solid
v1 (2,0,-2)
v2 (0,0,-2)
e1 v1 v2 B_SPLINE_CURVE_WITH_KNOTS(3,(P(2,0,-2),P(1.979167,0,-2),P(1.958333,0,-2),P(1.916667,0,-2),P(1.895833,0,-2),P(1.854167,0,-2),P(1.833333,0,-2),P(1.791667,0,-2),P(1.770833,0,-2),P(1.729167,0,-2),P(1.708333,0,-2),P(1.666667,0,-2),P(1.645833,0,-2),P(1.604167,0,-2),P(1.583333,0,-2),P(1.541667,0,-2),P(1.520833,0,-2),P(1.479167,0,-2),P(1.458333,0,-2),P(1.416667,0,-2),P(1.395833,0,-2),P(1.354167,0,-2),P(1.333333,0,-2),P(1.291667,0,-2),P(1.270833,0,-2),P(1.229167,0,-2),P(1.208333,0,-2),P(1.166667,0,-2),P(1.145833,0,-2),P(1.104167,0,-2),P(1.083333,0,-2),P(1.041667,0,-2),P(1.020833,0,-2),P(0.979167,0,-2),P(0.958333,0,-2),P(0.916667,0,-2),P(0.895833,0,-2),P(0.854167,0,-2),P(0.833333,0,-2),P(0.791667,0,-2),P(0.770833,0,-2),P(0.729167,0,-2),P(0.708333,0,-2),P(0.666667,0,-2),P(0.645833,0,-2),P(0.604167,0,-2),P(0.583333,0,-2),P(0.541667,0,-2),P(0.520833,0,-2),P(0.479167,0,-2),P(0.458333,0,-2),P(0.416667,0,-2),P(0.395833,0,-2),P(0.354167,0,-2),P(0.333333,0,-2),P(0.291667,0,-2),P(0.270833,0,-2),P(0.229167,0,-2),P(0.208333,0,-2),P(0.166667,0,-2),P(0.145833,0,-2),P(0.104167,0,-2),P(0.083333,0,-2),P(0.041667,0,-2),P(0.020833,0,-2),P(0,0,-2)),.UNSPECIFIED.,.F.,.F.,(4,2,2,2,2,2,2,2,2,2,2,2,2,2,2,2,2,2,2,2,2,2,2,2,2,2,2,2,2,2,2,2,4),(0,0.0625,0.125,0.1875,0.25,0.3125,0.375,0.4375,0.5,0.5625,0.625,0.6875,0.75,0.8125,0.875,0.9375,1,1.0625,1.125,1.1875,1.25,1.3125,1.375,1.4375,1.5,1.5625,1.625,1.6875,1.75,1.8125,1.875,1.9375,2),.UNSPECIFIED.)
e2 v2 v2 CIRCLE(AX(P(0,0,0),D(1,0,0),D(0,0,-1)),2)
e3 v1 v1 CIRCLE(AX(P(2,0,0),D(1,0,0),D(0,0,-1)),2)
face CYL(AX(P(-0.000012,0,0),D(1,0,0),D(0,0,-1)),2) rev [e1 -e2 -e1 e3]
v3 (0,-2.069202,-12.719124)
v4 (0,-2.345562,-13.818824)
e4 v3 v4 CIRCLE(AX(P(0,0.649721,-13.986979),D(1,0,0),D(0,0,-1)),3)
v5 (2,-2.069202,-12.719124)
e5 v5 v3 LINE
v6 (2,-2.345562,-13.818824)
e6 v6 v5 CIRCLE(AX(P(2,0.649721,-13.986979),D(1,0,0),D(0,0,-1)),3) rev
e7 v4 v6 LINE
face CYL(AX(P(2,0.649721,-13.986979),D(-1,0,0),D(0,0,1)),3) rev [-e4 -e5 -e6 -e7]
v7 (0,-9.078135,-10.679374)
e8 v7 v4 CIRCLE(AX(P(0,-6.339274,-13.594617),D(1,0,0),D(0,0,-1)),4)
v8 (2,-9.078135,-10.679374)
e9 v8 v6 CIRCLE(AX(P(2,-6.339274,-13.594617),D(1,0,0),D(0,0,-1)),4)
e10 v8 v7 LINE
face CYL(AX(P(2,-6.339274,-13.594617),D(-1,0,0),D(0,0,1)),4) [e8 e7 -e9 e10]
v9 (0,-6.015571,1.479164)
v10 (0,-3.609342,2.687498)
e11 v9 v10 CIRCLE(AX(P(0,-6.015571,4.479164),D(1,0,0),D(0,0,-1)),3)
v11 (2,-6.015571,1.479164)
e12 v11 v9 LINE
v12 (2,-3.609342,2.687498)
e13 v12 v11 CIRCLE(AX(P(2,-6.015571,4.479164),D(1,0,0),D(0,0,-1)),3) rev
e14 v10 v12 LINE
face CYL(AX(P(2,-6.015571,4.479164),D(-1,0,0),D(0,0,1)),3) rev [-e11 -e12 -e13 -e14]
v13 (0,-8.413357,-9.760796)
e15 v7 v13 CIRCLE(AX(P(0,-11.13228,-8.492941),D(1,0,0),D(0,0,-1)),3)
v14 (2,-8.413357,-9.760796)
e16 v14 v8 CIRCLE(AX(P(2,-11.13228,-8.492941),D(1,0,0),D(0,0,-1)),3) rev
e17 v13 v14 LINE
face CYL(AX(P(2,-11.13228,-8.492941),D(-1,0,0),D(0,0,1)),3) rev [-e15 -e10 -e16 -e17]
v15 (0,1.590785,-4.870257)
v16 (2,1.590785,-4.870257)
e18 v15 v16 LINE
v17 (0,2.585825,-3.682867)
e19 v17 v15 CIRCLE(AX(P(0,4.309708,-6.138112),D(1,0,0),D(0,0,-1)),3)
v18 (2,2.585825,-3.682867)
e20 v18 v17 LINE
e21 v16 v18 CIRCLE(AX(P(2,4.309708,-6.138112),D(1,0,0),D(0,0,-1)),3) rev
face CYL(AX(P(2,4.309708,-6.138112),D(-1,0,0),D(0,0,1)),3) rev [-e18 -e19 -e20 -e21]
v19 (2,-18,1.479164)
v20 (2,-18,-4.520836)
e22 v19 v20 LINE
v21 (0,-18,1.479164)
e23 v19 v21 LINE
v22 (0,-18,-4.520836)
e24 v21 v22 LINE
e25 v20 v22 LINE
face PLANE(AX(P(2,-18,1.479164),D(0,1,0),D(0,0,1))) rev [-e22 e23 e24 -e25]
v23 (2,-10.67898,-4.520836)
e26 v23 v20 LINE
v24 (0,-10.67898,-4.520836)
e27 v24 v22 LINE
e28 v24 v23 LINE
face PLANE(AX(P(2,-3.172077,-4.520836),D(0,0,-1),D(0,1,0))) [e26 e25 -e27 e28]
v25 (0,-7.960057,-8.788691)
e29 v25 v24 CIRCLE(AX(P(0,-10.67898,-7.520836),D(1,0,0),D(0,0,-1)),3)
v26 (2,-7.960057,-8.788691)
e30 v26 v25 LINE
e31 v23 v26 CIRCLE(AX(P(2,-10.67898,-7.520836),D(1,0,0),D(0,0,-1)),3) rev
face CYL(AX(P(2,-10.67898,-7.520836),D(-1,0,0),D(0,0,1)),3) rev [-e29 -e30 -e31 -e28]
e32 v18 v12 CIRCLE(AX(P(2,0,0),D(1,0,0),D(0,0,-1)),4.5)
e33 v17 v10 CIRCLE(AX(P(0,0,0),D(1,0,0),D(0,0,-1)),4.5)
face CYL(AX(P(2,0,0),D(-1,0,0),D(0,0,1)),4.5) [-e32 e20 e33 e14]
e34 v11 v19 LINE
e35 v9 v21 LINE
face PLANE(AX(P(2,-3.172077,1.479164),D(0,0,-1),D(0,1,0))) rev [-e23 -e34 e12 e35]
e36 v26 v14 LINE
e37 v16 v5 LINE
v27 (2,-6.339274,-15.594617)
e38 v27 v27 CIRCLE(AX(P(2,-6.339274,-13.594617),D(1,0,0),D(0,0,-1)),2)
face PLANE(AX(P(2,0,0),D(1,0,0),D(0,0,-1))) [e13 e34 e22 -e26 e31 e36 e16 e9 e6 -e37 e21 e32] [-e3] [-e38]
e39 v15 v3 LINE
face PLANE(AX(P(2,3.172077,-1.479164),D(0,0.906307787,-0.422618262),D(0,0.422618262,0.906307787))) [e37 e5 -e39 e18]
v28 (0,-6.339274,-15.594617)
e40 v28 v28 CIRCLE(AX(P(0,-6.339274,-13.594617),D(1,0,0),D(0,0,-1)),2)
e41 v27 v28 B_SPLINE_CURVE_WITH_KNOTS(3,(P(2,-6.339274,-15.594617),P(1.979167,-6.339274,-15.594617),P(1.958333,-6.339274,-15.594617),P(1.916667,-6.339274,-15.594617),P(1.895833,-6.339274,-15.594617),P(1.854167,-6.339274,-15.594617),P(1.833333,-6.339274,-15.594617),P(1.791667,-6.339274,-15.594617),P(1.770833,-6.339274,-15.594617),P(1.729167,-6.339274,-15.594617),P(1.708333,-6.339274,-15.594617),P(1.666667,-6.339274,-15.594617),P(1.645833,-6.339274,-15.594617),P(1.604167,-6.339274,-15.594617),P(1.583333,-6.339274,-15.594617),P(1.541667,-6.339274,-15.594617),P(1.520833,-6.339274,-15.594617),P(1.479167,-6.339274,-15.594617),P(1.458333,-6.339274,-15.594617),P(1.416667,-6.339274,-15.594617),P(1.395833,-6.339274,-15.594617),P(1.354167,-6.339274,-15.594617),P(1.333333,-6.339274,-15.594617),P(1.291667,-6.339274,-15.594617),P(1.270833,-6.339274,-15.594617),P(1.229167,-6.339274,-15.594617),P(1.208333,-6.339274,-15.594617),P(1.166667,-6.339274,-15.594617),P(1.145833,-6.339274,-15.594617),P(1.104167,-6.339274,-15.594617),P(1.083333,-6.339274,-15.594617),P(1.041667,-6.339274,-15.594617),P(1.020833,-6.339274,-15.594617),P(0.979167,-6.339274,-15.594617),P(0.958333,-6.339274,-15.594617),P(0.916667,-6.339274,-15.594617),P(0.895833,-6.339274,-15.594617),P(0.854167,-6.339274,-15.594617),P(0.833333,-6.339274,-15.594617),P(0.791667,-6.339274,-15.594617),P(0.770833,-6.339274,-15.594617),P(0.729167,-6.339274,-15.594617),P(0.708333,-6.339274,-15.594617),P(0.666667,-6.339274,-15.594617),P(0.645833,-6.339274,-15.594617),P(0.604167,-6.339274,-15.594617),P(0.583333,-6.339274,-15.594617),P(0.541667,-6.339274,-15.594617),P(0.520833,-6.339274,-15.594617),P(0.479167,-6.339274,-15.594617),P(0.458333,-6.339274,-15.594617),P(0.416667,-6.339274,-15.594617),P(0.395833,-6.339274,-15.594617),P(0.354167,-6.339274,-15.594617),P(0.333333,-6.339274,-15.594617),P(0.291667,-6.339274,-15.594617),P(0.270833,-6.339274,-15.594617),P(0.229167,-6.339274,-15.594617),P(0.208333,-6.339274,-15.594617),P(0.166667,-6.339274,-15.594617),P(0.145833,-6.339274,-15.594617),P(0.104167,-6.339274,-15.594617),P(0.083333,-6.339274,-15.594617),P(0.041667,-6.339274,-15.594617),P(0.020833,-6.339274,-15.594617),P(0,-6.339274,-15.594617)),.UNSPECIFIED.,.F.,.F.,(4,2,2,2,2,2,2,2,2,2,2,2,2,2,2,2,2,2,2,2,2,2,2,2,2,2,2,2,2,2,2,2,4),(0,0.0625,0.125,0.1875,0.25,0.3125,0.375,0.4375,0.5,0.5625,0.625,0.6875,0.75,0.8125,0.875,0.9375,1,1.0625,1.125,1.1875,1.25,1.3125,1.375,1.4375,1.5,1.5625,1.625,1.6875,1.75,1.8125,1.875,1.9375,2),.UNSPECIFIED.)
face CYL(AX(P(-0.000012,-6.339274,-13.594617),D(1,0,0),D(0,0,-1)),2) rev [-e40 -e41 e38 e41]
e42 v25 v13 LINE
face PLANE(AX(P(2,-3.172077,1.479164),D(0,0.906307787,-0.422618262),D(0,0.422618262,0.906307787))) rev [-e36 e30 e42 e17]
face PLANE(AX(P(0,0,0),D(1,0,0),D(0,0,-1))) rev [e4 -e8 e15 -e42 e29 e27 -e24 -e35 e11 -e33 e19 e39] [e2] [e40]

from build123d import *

# Parameters (mm, degrees)
EXTRUDE_1_DEPTH          = 2
CUT_EXTRUDE_3_DEPTH      = 26.250159218
CUT_EXTRUDE_3_DEPTH_BACK = 26.250159218
SKETCH_1_3_R             = 2
FILLET_1_R               = 3


with BuildPart() as part:
    # 草图1 → 凸台-拉伸1 (new body)
    with BuildSketch(Plane(origin=(0, 0, 0), x_dir=(0, 0, -1), z_dir=(1, 0, 0))):
        with BuildLine():
            Line((1.479163916, 3.172077255), (-1.479163916, -3.172077255))
            Line((-1.479163916, -3.172077255), (3.19185305, -3.172077255))
            ThreePointArc((3.19185305, -3.172077255), (4.160128527, -1.715613779), (4.5, 0))
            ThreePointArc((4.5, 0), (4.384156276, 1.014482011), (4.042589444, 1.9767323))
            Line((4.042589444, 1.9767323), (1.479163916, 3.172077255))
        make_face()
        with BuildLine():
            Line((1.084261612, -4.36742221), (-1.479163916, -3.172077255))
            Line((-1.479163916, -3.172077255), (-1.479163916, -4.249949895))
            ThreePointArc((-1.479163916, -4.249949895), (-0.206002169, -4.495282317), (1.084261612, -4.36742221))
        make_face()
        with BuildLine():
            Line((3.19185305, -3.172077255), (-1.479163916, -3.172077255))
            Line((-1.479163916, -3.172077255), (1.084261612, -4.36742221))
            ThreePointArc((1.084261612, -4.36742221), (2.220022869, -3.914268573), (3.19185305, -3.172077255))
        make_face()
        with BuildLine():
            Line((-1.479163916, -4.249949895), (-1.479163916, -3.172077255))
            Line((-1.479163916, -3.172077255), (1.479163916, 3.172077255))
            Line((1.479163916, 3.172077255), (4.042589444, 1.9767323))
            ThreePointArc((4.042589444, 1.9767323), (-3.366850219, 2.985685784), (-1.479163916, -4.249949895))
        make_face()
        with BuildLine():
            ThreePointArc((4.5, 0), (4.160128527, -1.715613779), (3.19185305, -3.172077255))
            Line((3.19185305, -3.172077255), (4.520836084, -3.172077255))
            Line((4.520836084, -3.172077255), (4.520836084, -5.969923204))
            Line((4.520836084, -5.969923204), (10.360395407, -8.692954436))
            ThreePointArc((10.360395407, -8.692954436), (9.969385657, -4.648800879), (13.318723239, -2.348799927))
            Line((13.318723239, -2.348799927), (4.042589444, 1.9767323))
            ThreePointArc((4.042589444, 1.9767323), (4.384156276, 1.014482011), (4.5, 0))
        make_face()
        with BuildLine():
            Line((4.520836084, -3.172077255), (3.19185305, -3.172077255))
            ThreePointArc((3.19185305, -3.172077255), (2.220022869, -3.914268573), (1.084261612, -4.36742221))
            Line((1.084261612, -4.36742221), (4.520836084, -5.969923204))
            Line((4.520836084, -5.969923204), (4.520836084, -3.172077255))
        make_face()
        with BuildLine():
            ThreePointArc((1.084261612, -4.36742221), (-0.206002169, -4.495282317), (-1.479163916, -4.249949895))
            Line((-1.479163916, -4.249949895), (-1.479163916, -18))
            Line((-1.479163916, -18), (4.520836084, -18))
            Line((4.520836084, -18), (4.520836084, -5.969923204))
            Line((4.520836084, -5.969923204), (1.084261612, -4.36742221))
        make_face()
        with BuildLine():
            ThreePointArc((17.594616806, -6.339273926), (16.323758221, -3.414930045), (13.318723239, -2.348799927))
            Line((13.318723239, -2.348799927), (15.073780722, -3.167196671))
            Line((15.073780722, -3.167196671), (12.115452889, -9.511351181))
            Line((12.115452889, -9.511351181), (10.360395407, -8.692954436))
            ThreePointArc((10.360395407, -8.692954436), (14.832177795, -10.143014558), (17.594616806, -6.339273926))
        make_face()
        with BuildLine():
            Line((15.073780722, -3.167196671), (13.318723239, -2.348799927))
            ThreePointArc((13.318723239, -2.348799927), (9.969385657, -4.648800879), (10.360395407, -8.692954436))
            Line((10.360395407, -8.692954436), (12.115452889, -9.511351181))
            Line((12.115452889, -9.511351181), (15.073780722, -3.167196671))
        make_face()
    extrude(amount=EXTRUDE_1_DEPTH)

    # 草图1<3> → 切除-拉伸3 (cut, two sides: drawn at the far end of the back side and taken through both)
    with BuildSketch(Plane(origin=(0, 0, 0), x_dir=(0, 0, -1), z_dir=(1, 0, 0)).offset(-CUT_EXTRUDE_3_DEPTH_BACK)):
        Circle(SKETCH_1_3_R)
        with Locations((13.594616806, -6.339273926)):
            Circle(SKETCH_1_3_R)
    extrude(amount=CUT_EXTRUDE_3_DEPTH + CUT_EXTRUDE_3_DEPTH_BACK, mode=Mode.SUBTRACT)

    # 圆角1
    fillet_1_edges = [part.edges().sort_by_distance(p)[0] for p in [
        (1, -2.348799927, -13.318723239),
        (1, 1.9767323, -4.042589444),
        (1, -8.692954436, -10.360395407),
        (1, -5.969923204, -4.520836084),
        (1, -4.249949895, 1.479163916),
    ]]
    fillet(fillet_1_edges, radius=FILLET_1_R)


solid = part.part
